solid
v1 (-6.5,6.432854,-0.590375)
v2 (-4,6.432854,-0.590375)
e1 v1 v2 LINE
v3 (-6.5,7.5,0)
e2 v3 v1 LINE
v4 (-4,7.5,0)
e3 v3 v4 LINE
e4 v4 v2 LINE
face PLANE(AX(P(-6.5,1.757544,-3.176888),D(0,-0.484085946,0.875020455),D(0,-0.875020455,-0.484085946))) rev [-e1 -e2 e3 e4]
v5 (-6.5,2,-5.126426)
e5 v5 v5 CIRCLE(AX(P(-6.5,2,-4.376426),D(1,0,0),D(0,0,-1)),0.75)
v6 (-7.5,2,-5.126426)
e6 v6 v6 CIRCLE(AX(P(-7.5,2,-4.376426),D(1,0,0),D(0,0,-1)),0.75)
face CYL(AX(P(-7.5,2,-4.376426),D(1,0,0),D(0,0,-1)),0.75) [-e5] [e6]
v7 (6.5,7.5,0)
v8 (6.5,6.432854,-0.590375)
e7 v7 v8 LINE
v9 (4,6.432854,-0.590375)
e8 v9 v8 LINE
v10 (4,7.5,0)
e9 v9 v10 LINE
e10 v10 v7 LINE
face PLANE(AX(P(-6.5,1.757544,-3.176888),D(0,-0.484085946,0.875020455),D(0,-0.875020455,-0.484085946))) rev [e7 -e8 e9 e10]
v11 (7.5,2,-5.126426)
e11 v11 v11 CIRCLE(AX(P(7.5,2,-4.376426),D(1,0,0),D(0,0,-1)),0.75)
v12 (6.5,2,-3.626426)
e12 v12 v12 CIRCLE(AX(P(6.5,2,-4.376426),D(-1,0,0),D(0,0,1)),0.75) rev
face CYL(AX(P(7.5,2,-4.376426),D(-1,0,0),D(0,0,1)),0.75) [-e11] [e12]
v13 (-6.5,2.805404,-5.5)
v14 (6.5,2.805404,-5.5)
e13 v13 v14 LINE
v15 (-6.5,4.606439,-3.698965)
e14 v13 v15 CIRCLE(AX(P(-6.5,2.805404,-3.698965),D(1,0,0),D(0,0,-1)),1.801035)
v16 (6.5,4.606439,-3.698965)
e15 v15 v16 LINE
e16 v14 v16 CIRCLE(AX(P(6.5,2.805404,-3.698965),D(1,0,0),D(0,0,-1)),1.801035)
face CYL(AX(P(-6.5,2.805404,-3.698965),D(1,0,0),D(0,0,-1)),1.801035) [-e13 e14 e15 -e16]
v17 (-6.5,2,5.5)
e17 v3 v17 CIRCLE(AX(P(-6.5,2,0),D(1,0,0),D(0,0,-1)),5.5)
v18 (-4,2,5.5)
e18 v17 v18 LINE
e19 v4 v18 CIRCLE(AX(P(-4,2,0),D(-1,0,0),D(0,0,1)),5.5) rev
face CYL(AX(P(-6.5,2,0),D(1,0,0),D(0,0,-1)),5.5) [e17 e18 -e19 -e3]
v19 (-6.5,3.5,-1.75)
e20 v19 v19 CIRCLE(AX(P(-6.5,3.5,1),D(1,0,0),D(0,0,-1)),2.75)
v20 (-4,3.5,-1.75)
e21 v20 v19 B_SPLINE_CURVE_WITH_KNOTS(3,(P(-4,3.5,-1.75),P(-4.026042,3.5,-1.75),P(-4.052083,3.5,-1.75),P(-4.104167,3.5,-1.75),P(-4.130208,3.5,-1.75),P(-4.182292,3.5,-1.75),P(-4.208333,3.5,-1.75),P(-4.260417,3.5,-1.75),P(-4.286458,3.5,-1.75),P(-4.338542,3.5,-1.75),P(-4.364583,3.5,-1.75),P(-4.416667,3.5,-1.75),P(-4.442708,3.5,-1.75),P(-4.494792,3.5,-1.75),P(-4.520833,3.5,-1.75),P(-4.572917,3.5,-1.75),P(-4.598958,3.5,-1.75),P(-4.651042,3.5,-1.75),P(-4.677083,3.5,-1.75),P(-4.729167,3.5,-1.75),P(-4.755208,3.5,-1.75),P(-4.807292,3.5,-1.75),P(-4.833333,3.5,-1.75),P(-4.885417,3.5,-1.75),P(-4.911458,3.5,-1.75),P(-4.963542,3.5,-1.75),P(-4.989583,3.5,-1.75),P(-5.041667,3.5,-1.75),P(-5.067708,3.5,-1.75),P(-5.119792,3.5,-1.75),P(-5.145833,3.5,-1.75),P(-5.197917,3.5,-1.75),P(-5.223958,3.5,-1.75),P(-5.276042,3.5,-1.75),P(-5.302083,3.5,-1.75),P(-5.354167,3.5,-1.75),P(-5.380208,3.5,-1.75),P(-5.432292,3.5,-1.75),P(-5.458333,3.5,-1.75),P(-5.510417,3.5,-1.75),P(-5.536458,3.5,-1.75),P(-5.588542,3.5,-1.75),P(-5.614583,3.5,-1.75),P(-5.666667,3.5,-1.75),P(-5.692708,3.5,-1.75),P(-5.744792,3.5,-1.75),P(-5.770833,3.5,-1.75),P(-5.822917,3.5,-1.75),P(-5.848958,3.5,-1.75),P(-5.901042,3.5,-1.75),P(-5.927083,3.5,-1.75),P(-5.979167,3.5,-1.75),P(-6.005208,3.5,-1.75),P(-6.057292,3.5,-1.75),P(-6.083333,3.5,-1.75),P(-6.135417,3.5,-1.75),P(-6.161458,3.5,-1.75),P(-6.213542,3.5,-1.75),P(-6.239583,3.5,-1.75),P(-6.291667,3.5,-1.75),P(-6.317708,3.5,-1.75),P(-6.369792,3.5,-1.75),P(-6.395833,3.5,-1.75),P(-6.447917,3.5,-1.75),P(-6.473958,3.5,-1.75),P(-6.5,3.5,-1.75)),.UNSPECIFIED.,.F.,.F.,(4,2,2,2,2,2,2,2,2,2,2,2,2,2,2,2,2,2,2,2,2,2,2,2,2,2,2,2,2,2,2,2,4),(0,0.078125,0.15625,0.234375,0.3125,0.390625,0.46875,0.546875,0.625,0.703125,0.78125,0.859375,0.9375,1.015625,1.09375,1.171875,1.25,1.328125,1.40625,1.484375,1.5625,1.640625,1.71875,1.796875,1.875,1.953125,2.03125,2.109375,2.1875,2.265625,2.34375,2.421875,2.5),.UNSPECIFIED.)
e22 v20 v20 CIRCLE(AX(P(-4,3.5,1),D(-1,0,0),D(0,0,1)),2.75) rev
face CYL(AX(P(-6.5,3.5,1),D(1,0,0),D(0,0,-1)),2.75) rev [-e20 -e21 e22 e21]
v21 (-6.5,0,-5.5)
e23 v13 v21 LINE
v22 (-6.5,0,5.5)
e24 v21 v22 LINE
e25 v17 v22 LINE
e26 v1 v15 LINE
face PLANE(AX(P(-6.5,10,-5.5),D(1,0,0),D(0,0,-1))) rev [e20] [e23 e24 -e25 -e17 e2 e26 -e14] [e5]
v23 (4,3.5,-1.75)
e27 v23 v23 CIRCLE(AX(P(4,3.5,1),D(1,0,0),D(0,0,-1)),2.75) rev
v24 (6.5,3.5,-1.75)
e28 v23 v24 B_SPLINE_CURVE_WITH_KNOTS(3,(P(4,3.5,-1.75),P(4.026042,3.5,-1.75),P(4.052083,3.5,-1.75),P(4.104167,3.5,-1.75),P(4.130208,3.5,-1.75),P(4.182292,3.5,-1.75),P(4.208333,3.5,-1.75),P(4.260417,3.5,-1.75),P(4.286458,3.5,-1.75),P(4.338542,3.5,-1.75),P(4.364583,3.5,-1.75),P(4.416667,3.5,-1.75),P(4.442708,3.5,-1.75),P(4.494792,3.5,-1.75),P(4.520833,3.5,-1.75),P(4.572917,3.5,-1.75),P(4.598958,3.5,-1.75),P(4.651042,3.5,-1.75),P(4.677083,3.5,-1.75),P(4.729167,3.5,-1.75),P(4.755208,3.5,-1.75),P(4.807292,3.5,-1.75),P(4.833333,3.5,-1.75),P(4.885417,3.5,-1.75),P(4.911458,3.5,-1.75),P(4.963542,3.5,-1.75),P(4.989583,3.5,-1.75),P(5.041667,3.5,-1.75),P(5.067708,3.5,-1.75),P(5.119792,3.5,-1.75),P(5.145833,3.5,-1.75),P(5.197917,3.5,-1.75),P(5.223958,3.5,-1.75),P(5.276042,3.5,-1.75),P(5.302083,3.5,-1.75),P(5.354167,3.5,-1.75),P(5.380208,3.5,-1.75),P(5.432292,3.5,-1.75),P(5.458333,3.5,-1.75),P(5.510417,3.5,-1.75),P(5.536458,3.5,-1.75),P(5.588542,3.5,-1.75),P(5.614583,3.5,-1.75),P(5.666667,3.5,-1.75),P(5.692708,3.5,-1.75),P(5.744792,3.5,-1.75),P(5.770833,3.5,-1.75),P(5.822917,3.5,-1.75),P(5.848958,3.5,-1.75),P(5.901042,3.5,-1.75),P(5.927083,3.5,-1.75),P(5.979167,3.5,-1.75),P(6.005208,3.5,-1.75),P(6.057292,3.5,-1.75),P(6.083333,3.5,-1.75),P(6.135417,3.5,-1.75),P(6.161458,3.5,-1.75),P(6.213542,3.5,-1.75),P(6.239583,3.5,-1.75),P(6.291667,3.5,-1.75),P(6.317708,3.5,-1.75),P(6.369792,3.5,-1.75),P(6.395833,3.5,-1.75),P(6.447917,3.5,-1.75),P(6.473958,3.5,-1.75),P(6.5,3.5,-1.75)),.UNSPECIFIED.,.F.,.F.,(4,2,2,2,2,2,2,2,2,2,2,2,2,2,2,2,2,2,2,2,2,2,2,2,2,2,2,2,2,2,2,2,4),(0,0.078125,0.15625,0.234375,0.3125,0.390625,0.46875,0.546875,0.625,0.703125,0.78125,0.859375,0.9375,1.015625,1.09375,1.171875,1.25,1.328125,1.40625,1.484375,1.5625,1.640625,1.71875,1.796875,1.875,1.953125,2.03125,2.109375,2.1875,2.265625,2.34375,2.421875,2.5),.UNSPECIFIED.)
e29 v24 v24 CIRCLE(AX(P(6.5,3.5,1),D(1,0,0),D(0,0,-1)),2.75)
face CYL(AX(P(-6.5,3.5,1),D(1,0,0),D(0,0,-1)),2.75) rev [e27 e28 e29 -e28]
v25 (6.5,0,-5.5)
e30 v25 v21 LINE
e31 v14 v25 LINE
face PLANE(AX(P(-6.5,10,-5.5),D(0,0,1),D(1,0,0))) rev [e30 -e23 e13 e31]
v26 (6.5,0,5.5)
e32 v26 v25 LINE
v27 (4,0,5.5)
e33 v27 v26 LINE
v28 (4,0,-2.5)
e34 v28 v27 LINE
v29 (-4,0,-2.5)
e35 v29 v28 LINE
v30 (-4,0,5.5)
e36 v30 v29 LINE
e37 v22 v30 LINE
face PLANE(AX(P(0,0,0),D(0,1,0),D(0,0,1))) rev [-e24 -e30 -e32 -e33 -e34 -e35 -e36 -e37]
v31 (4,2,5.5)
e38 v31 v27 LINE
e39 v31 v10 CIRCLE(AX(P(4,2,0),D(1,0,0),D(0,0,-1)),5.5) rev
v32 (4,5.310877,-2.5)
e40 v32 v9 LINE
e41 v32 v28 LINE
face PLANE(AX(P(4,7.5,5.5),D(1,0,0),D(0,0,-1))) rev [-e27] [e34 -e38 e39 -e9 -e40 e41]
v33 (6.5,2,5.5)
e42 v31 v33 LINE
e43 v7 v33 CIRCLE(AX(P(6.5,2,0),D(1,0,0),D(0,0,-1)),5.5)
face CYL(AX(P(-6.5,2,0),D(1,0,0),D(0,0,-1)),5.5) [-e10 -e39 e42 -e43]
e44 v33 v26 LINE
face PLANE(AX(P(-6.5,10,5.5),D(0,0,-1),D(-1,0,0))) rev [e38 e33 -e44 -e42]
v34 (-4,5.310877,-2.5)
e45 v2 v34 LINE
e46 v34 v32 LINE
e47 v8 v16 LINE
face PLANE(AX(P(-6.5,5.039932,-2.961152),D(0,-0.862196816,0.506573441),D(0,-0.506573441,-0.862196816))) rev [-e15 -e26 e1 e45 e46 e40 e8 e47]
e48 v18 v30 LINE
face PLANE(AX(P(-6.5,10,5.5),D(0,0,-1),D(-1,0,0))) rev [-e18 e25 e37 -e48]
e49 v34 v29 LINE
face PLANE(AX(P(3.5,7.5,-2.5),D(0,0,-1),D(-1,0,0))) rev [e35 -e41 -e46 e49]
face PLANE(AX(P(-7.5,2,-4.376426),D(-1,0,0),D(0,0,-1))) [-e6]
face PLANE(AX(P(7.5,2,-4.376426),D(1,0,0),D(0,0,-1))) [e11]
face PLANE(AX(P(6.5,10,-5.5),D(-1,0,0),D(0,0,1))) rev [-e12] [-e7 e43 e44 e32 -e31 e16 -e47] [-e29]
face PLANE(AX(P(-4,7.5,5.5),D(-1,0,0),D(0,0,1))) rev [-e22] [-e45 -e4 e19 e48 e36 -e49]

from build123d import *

# Parameters (mm, degrees)
SKETCH_3_W          = 13
SKETCH_3_H          = 11
EXTRUDE_1_DEPTH     = 10
SKETCH_5_R          = 2.75
CUT_EXTRUDE_3_DEPTH = 18.298843892
SKETCH_5_6_R        = 0.75
EXTRUDE_2_DEPTH     = 1
SKETCH_10_W         = 7
SKETCH_10_H         = 8
CUT_EXTRUDE_5_DEPTH = 12.947803145
SKETCH_11_W         = 0.5
SKETCH_11_H         = 8
CUT_EXTRUDE_6_DEPTH = 12.947803145


with BuildPart() as part:
    # 草图3 → 凸台-拉伸1 (new body)
    with BuildSketch(Plane(origin=(0, 0, 0), x_dir=(1, 0, 0), z_dir=(0, 1, 0))):
        Rectangle(SKETCH_3_W, SKETCH_3_H)
    extrude(amount=EXTRUDE_1_DEPTH)

    # 草图5 → 切除-拉伸3 (cut, through all)
    with BuildSketch(Plane(origin=(6.5, 0, 0), x_dir=(0, 0, -1), z_dir=(1, 0, 0))):
        with BuildLine():
            Line((-5.5, 10), (-5.5, 2))
            ThreePointArc((-5.5, 2), (-3.889087297, 5.889087297), (0, 7.5))
            Line((0, 7.5), (0.590375146, 6.432854109))
            Line((0.590375146, 6.432854109), (3.698964751, 4.606439417))
            ThreePointArc((3.698964751, 4.606439417), (4.972488989, 4.078928406), (5.5, 2.805404168))
            Line((5.5, 2.805404168), (5.5, 10))
            Line((5.5, 10), (-5.5, 10))
        make_face()
        with Locations((-1, 3.5)):
            Circle(SKETCH_5_R)
    extrude(amount=-CUT_EXTRUDE_3_DEPTH, mode=Mode.SUBTRACT)

    # 草图5<6> → 凸台-拉伸2 (add)
    with BuildSketch(Plane(origin=(6.5, 0, 0), x_dir=(0, 0, -1), z_dir=(1, 0, 0))):
        with Locations((4.376425526, 2)):
            Circle(SKETCH_5_6_R)
    extrude_2 = extrude(amount=EXTRUDE_2_DEPTH)

    # 草图10 → 切除-拉伸5 (cut, through all)
    with BuildSketch(Plane.XZ):
        with Locations((0, 1.5)):
            Rectangle(SKETCH_10_W, SKETCH_10_H)
    extrude(amount=-CUT_EXTRUDE_5_DEPTH, mode=Mode.SUBTRACT)

    # 镜向1: 凸台-拉伸2 across plane
    add(extrude_2.mirror(Plane(origin=(0, 0, 0), x_dir=(0, 0, 1), z_dir=(1, 0, 0))))

    # 草图11 → 切除-拉伸6 (cut, through all)
    with BuildSketch(Plane(origin=(0, 0, 0), x_dir=(-1, 0, 0), z_dir=(0, -1, 0))):
        with Locations((-3.75, -1.5)):
            Rectangle(SKETCH_11_W, SKETCH_11_H)
        with Locations((3.75, -1.5)):
            Rectangle(SKETCH_11_W, SKETCH_11_H)
    extrude(amount=-CUT_EXTRUDE_6_DEPTH, mode=Mode.SUBTRACT)


solid = part.part
